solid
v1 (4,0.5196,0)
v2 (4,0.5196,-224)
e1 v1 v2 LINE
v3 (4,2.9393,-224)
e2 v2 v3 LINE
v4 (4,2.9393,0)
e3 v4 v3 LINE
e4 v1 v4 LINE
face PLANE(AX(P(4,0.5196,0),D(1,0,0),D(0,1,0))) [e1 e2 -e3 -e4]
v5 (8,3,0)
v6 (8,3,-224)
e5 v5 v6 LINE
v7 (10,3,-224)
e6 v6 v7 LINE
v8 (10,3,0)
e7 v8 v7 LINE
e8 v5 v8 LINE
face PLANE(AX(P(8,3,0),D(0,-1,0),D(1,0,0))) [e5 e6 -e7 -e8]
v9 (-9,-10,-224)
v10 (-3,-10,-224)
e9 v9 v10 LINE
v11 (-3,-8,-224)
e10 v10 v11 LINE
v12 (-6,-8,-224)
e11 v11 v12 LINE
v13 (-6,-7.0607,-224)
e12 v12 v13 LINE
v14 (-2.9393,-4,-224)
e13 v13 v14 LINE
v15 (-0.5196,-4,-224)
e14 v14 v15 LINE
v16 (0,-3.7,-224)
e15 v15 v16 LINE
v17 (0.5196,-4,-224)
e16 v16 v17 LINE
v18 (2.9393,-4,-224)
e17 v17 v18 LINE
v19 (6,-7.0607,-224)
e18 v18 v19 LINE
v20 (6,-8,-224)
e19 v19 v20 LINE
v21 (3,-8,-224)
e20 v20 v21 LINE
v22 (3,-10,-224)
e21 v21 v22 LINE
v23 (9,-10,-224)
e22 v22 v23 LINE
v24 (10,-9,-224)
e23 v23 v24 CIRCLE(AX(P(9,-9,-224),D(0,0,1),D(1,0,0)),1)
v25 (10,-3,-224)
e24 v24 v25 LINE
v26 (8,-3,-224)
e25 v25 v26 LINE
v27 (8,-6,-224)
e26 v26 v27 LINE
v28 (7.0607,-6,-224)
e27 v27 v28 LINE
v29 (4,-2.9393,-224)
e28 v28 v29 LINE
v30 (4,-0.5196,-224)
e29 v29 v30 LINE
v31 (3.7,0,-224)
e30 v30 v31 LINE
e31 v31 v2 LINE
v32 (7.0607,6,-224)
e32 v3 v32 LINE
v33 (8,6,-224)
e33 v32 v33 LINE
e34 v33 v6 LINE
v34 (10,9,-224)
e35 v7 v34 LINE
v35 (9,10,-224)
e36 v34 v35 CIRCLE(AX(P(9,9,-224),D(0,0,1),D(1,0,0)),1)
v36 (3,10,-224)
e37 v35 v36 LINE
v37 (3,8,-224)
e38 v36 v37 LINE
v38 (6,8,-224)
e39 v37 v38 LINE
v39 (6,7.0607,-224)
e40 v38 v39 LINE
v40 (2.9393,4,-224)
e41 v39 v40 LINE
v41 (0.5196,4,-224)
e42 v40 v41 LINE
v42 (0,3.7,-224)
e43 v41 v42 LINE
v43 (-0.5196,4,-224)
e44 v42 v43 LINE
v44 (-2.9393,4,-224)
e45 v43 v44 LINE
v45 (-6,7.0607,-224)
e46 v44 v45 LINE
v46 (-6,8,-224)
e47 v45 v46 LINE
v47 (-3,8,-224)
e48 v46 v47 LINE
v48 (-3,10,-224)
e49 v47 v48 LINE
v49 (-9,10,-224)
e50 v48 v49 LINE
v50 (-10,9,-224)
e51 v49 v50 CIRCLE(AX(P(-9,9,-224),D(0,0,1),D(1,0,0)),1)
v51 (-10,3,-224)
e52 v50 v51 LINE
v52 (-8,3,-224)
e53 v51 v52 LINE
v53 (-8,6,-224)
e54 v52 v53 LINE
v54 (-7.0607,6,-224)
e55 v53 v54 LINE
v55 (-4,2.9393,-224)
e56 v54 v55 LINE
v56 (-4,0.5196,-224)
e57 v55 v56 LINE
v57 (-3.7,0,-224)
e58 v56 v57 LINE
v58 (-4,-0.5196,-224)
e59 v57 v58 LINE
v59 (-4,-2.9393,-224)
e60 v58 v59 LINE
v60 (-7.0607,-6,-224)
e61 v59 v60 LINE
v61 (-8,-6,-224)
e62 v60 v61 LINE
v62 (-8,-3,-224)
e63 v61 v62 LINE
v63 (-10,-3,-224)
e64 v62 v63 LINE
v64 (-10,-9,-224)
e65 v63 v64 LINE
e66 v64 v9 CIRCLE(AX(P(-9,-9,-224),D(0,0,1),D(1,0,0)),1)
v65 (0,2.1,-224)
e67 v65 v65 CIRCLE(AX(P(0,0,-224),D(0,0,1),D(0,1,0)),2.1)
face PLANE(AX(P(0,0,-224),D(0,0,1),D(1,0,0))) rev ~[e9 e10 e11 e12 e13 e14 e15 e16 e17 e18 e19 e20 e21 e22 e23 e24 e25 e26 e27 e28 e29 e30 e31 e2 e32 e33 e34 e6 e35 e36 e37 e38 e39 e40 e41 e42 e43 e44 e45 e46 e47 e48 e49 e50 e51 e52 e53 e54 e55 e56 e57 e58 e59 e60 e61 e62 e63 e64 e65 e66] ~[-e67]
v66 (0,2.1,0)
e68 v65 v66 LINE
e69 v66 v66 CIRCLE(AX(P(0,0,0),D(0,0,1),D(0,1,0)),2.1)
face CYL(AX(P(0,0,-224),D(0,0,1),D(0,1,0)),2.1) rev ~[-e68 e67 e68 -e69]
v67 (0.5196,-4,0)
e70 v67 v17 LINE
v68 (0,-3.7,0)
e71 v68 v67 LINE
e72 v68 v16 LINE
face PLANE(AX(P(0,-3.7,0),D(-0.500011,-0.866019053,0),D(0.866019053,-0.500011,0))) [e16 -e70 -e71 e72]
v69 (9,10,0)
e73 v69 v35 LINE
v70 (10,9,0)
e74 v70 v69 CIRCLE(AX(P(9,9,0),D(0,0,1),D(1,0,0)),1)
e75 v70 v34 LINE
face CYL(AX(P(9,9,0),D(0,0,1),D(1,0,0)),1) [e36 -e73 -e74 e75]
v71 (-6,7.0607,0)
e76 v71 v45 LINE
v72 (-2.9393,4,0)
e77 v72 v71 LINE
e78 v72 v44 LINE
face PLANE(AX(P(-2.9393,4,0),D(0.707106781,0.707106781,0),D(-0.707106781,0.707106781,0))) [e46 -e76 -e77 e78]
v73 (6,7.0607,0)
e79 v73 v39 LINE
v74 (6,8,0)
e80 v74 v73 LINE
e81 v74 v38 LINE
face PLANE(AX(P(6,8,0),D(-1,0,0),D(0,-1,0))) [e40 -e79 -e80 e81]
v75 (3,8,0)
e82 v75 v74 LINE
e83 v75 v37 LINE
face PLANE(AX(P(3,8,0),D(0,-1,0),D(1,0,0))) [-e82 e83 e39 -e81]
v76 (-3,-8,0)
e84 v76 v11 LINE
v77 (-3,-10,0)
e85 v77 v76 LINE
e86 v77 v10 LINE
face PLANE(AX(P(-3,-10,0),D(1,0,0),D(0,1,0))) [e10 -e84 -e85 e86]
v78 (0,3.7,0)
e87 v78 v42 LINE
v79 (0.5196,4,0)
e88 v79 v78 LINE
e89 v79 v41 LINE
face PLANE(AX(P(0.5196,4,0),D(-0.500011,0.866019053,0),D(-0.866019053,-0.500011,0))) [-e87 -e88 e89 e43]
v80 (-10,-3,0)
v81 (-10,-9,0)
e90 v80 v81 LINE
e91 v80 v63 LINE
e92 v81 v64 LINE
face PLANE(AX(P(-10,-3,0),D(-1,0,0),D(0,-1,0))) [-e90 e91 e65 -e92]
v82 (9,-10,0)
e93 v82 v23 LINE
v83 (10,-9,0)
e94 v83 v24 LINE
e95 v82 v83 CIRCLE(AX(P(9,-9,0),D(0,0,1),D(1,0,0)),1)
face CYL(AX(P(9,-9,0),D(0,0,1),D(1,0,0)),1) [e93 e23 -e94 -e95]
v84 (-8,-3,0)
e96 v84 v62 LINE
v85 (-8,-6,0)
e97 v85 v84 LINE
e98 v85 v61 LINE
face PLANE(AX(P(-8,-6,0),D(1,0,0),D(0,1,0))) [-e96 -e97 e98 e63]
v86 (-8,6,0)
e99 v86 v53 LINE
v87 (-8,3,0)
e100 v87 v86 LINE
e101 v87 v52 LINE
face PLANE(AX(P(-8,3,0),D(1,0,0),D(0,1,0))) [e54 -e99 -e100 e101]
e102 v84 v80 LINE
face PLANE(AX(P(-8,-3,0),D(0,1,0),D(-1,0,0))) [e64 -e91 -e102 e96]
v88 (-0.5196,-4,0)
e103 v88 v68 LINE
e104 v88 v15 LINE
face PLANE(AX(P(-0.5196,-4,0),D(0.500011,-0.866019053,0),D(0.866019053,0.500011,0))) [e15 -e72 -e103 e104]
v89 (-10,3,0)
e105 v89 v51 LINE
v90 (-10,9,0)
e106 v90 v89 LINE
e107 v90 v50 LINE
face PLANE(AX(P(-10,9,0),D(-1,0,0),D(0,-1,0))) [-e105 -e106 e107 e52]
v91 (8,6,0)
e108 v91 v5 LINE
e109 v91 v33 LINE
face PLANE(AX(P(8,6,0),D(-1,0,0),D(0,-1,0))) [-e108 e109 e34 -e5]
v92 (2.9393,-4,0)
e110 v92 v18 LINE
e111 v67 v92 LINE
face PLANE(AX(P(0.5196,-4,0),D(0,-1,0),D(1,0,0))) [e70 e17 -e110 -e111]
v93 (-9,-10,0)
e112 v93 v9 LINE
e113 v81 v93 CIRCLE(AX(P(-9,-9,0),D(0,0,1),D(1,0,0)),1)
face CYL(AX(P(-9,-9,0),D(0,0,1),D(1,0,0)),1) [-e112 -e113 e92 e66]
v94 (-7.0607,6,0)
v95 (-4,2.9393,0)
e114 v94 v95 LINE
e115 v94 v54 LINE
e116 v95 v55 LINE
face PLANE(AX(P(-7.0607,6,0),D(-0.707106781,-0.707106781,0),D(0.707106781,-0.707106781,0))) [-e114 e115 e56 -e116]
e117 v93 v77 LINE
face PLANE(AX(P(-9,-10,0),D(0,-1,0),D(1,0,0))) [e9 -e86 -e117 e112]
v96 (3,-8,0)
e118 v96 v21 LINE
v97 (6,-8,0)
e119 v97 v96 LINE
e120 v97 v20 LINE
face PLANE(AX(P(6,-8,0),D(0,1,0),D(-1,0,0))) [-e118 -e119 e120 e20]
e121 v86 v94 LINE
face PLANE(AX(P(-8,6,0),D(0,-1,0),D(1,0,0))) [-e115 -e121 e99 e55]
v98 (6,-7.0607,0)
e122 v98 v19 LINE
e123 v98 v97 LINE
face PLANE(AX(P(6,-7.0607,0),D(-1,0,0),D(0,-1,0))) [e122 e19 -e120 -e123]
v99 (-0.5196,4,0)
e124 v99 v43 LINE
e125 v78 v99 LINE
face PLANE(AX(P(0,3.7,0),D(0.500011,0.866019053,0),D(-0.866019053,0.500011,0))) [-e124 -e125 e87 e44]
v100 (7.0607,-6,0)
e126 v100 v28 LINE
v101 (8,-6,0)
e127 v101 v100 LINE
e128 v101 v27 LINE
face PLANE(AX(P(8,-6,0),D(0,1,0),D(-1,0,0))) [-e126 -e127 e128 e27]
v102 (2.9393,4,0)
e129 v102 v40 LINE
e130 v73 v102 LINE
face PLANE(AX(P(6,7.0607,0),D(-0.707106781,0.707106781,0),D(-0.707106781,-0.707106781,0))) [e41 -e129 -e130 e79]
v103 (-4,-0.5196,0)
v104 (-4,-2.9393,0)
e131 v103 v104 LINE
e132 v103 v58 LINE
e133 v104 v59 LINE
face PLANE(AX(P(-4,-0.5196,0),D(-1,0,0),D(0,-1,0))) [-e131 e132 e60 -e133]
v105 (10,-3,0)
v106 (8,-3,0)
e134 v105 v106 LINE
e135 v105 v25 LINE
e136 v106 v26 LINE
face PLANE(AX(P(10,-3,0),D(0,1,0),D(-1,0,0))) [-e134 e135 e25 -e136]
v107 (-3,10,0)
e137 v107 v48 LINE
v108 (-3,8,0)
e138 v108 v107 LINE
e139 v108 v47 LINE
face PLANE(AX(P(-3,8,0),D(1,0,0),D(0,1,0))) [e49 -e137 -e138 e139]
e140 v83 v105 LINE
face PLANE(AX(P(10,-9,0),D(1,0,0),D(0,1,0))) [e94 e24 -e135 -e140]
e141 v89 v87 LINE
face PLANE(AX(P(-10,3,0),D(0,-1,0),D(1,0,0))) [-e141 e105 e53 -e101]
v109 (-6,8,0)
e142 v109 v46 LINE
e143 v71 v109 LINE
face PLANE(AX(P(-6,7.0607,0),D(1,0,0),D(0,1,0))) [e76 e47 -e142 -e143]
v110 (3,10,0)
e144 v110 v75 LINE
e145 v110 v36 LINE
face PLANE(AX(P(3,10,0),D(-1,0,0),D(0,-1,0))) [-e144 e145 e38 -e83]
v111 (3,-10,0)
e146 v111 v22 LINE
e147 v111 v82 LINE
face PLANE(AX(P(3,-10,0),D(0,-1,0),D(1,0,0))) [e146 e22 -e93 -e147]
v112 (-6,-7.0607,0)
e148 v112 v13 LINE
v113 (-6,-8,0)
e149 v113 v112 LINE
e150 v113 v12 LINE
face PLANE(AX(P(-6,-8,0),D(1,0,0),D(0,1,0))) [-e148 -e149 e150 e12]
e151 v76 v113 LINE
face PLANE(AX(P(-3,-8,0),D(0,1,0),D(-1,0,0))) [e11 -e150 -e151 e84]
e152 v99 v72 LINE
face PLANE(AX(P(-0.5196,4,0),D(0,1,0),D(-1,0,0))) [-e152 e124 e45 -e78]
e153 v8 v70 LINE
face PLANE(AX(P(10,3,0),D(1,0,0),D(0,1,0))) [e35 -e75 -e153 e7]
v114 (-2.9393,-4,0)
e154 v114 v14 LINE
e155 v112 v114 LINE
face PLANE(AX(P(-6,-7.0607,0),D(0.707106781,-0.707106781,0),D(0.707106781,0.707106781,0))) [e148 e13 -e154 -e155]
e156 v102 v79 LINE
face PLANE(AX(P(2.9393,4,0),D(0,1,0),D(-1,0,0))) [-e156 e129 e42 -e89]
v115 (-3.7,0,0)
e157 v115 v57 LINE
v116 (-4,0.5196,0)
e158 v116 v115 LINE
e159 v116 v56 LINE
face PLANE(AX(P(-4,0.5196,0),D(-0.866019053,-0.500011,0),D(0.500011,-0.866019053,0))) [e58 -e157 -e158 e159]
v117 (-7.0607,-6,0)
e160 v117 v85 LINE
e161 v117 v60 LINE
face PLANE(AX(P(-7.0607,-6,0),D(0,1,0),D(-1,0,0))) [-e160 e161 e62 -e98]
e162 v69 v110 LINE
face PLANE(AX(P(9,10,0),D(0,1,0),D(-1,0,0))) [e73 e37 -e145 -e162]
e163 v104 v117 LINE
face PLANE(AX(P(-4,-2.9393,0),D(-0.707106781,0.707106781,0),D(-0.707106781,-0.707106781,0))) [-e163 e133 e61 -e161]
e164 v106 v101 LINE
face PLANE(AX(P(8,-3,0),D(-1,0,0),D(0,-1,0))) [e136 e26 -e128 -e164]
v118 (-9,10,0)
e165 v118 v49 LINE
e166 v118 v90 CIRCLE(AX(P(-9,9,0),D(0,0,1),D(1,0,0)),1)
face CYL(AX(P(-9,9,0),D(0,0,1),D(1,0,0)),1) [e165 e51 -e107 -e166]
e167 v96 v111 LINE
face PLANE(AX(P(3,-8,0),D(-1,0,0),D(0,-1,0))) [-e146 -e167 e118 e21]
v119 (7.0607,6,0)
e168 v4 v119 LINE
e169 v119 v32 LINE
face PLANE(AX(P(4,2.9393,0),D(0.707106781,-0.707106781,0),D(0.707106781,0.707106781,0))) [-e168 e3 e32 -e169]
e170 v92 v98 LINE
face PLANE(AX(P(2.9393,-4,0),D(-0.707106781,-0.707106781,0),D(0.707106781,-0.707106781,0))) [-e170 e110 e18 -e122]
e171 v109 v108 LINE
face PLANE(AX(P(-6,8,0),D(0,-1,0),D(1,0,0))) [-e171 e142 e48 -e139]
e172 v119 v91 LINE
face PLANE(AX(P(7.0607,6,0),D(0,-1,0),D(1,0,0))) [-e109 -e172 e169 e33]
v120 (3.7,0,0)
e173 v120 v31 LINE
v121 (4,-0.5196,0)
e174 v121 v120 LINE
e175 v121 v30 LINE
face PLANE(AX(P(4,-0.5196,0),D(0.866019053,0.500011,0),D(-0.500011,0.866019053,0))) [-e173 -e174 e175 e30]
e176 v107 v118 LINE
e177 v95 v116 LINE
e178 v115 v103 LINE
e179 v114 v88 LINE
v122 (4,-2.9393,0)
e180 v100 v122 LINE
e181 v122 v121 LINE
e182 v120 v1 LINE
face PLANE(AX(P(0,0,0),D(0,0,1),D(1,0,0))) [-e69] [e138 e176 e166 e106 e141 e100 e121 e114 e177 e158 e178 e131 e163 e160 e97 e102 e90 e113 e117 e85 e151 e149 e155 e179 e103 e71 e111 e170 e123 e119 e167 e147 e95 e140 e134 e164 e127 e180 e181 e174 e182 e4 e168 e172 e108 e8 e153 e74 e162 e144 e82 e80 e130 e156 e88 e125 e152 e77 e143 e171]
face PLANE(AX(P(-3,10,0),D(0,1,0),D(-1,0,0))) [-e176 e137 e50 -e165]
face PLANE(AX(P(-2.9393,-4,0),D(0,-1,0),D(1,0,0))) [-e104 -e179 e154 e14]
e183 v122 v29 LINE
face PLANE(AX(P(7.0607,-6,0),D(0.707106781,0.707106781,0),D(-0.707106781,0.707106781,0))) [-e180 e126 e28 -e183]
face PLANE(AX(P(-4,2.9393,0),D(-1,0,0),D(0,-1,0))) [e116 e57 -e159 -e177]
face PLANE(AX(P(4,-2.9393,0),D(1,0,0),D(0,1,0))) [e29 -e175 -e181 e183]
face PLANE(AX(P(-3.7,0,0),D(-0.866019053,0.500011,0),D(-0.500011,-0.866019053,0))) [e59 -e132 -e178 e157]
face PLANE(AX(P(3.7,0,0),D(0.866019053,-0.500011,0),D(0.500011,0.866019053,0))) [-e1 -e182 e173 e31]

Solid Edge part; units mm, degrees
sketch "Sketch1" plane through (0, 0, 0) normal (0, 0, 1) x (1, 0, 0)
  line L0 (-10, -3) -> (-10, -9)
  arc A0 (-10, -9) -> (-9, -10) centre (-9, -9) ccw
  line L1 (-9, -10) -> (-3, -10)
  line L2 (-3, -10) -> (-3, -8)
  line L3 (-3, -8) -> (-6, -8)
  line L4 (-6, -8) -> (-6, -7.0607)
  line L5 (-6, -7.0607) -> (-2.9393, -4)
  line L6 (-2.9393, -4) -> (-0.5196, -4)
  line L7 (-0.5196, -4) -> (0, -3.7)
  line L8 (0, -3.7) -> (0.5196, -4)
  line L9 (0.5196, -4) -> (2.9393, -4)
  line L10 (2.9393, -4) -> (6, -7.0607)
  line L11 (6, -7.0607) -> (6, -8)
  line L12 (6, -8) -> (3, -8)
  line L13 (3, -8) -> (3, -10)
  line L14 (3, -10) -> (9, -10)
  arc A1 (9, -10) -> (10, -9) centre (9, -9) ccw
  line L15 (10, -9) -> (10, -3)
  line L16 (10, -3) -> (8, -3)
  line L17 (8, -3) -> (8, -6)
  line L18 (8, -6) -> (7.0607, -6)
  line L19 (7.0607, -6) -> (4, -2.9393)
  line L20 (4, -2.9393) -> (4, -0.5196)
  line L21 (4, -0.5196) -> (3.7, 0)
  line L22 (3.7, 0) -> (4, 0.5196)
  line L23 (4, 0.5196) -> (4, 2.9393)
  line L24 (4, 2.9393) -> (7.0607, 6)
  line L25 (7.0607, 6) -> (8, 6)
  line L26 (8, 6) -> (8, 3)
  line L27 (8, 3) -> (10, 3)
  line L28 (10, 3) -> (10, 9)
  arc A2 (10, 9) -> (9, 10) centre (9, 9) ccw
  line L29 (9, 10) -> (3, 10)
  line L30 (3, 10) -> (3, 8)
  line L31 (3, 8) -> (6, 8)
  line L32 (6, 8) -> (6, 7.0607)
  line L33 (6, 7.0607) -> (2.9393, 4)
  line L34 (2.9393, 4) -> (0.5196, 4)
  line L35 (0.5196, 4) -> (0, 3.7)
  line L36 (0, 3.7) -> (-0.5196, 4)
  line L37 (-0.5196, 4) -> (-2.9393, 4)
  line L38 (-2.9393, 4) -> (-6, 7.0607)
  line L39 (-6, 7.0607) -> (-6, 8)
  line L40 (-6, 8) -> (-3, 8)
  line L41 (-3, 8) -> (-3, 10)
  line L42 (-3, 10) -> (-9, 10)
  arc A3 (-9, 10) -> (-10, 9) centre (-9, 9) ccw
  line L43 (-10, 9) -> (-10, 3)
  line L44 (-10, 3) -> (-8, 3)
  line L45 (-8, 3) -> (-8, 6)
  line L46 (-8, 6) -> (-7.0607, 6)
  line L47 (-7.0607, 6) -> (-4, 2.9393)
  line L48 (-4, 2.9393) -> (-4, 0.5196)
  line L49 (-4, 0.5196) -> (-3.7, 0)
  line L50 (-3.7, 0) -> (-4, -0.5196)
  line L51 (-4, -0.5196) -> (-4, -2.9393)
  line L52 (-4, -2.9393) -> (-7.0607, -6)
  line L53 (-7.0607, -6) -> (-8, -6)
  line L54 (-8, -6) -> (-8, -3)
  line L55 (-8, -3) -> (-10, -3)
extrude "Protrusion1" add sketch "Sketch1" against normal blind 224
hole "Hole_1" at (0, 0, -224) direction (0, 0, 1) diameter 4.2 depth 224
properties part number "HFS5-2020-300"
